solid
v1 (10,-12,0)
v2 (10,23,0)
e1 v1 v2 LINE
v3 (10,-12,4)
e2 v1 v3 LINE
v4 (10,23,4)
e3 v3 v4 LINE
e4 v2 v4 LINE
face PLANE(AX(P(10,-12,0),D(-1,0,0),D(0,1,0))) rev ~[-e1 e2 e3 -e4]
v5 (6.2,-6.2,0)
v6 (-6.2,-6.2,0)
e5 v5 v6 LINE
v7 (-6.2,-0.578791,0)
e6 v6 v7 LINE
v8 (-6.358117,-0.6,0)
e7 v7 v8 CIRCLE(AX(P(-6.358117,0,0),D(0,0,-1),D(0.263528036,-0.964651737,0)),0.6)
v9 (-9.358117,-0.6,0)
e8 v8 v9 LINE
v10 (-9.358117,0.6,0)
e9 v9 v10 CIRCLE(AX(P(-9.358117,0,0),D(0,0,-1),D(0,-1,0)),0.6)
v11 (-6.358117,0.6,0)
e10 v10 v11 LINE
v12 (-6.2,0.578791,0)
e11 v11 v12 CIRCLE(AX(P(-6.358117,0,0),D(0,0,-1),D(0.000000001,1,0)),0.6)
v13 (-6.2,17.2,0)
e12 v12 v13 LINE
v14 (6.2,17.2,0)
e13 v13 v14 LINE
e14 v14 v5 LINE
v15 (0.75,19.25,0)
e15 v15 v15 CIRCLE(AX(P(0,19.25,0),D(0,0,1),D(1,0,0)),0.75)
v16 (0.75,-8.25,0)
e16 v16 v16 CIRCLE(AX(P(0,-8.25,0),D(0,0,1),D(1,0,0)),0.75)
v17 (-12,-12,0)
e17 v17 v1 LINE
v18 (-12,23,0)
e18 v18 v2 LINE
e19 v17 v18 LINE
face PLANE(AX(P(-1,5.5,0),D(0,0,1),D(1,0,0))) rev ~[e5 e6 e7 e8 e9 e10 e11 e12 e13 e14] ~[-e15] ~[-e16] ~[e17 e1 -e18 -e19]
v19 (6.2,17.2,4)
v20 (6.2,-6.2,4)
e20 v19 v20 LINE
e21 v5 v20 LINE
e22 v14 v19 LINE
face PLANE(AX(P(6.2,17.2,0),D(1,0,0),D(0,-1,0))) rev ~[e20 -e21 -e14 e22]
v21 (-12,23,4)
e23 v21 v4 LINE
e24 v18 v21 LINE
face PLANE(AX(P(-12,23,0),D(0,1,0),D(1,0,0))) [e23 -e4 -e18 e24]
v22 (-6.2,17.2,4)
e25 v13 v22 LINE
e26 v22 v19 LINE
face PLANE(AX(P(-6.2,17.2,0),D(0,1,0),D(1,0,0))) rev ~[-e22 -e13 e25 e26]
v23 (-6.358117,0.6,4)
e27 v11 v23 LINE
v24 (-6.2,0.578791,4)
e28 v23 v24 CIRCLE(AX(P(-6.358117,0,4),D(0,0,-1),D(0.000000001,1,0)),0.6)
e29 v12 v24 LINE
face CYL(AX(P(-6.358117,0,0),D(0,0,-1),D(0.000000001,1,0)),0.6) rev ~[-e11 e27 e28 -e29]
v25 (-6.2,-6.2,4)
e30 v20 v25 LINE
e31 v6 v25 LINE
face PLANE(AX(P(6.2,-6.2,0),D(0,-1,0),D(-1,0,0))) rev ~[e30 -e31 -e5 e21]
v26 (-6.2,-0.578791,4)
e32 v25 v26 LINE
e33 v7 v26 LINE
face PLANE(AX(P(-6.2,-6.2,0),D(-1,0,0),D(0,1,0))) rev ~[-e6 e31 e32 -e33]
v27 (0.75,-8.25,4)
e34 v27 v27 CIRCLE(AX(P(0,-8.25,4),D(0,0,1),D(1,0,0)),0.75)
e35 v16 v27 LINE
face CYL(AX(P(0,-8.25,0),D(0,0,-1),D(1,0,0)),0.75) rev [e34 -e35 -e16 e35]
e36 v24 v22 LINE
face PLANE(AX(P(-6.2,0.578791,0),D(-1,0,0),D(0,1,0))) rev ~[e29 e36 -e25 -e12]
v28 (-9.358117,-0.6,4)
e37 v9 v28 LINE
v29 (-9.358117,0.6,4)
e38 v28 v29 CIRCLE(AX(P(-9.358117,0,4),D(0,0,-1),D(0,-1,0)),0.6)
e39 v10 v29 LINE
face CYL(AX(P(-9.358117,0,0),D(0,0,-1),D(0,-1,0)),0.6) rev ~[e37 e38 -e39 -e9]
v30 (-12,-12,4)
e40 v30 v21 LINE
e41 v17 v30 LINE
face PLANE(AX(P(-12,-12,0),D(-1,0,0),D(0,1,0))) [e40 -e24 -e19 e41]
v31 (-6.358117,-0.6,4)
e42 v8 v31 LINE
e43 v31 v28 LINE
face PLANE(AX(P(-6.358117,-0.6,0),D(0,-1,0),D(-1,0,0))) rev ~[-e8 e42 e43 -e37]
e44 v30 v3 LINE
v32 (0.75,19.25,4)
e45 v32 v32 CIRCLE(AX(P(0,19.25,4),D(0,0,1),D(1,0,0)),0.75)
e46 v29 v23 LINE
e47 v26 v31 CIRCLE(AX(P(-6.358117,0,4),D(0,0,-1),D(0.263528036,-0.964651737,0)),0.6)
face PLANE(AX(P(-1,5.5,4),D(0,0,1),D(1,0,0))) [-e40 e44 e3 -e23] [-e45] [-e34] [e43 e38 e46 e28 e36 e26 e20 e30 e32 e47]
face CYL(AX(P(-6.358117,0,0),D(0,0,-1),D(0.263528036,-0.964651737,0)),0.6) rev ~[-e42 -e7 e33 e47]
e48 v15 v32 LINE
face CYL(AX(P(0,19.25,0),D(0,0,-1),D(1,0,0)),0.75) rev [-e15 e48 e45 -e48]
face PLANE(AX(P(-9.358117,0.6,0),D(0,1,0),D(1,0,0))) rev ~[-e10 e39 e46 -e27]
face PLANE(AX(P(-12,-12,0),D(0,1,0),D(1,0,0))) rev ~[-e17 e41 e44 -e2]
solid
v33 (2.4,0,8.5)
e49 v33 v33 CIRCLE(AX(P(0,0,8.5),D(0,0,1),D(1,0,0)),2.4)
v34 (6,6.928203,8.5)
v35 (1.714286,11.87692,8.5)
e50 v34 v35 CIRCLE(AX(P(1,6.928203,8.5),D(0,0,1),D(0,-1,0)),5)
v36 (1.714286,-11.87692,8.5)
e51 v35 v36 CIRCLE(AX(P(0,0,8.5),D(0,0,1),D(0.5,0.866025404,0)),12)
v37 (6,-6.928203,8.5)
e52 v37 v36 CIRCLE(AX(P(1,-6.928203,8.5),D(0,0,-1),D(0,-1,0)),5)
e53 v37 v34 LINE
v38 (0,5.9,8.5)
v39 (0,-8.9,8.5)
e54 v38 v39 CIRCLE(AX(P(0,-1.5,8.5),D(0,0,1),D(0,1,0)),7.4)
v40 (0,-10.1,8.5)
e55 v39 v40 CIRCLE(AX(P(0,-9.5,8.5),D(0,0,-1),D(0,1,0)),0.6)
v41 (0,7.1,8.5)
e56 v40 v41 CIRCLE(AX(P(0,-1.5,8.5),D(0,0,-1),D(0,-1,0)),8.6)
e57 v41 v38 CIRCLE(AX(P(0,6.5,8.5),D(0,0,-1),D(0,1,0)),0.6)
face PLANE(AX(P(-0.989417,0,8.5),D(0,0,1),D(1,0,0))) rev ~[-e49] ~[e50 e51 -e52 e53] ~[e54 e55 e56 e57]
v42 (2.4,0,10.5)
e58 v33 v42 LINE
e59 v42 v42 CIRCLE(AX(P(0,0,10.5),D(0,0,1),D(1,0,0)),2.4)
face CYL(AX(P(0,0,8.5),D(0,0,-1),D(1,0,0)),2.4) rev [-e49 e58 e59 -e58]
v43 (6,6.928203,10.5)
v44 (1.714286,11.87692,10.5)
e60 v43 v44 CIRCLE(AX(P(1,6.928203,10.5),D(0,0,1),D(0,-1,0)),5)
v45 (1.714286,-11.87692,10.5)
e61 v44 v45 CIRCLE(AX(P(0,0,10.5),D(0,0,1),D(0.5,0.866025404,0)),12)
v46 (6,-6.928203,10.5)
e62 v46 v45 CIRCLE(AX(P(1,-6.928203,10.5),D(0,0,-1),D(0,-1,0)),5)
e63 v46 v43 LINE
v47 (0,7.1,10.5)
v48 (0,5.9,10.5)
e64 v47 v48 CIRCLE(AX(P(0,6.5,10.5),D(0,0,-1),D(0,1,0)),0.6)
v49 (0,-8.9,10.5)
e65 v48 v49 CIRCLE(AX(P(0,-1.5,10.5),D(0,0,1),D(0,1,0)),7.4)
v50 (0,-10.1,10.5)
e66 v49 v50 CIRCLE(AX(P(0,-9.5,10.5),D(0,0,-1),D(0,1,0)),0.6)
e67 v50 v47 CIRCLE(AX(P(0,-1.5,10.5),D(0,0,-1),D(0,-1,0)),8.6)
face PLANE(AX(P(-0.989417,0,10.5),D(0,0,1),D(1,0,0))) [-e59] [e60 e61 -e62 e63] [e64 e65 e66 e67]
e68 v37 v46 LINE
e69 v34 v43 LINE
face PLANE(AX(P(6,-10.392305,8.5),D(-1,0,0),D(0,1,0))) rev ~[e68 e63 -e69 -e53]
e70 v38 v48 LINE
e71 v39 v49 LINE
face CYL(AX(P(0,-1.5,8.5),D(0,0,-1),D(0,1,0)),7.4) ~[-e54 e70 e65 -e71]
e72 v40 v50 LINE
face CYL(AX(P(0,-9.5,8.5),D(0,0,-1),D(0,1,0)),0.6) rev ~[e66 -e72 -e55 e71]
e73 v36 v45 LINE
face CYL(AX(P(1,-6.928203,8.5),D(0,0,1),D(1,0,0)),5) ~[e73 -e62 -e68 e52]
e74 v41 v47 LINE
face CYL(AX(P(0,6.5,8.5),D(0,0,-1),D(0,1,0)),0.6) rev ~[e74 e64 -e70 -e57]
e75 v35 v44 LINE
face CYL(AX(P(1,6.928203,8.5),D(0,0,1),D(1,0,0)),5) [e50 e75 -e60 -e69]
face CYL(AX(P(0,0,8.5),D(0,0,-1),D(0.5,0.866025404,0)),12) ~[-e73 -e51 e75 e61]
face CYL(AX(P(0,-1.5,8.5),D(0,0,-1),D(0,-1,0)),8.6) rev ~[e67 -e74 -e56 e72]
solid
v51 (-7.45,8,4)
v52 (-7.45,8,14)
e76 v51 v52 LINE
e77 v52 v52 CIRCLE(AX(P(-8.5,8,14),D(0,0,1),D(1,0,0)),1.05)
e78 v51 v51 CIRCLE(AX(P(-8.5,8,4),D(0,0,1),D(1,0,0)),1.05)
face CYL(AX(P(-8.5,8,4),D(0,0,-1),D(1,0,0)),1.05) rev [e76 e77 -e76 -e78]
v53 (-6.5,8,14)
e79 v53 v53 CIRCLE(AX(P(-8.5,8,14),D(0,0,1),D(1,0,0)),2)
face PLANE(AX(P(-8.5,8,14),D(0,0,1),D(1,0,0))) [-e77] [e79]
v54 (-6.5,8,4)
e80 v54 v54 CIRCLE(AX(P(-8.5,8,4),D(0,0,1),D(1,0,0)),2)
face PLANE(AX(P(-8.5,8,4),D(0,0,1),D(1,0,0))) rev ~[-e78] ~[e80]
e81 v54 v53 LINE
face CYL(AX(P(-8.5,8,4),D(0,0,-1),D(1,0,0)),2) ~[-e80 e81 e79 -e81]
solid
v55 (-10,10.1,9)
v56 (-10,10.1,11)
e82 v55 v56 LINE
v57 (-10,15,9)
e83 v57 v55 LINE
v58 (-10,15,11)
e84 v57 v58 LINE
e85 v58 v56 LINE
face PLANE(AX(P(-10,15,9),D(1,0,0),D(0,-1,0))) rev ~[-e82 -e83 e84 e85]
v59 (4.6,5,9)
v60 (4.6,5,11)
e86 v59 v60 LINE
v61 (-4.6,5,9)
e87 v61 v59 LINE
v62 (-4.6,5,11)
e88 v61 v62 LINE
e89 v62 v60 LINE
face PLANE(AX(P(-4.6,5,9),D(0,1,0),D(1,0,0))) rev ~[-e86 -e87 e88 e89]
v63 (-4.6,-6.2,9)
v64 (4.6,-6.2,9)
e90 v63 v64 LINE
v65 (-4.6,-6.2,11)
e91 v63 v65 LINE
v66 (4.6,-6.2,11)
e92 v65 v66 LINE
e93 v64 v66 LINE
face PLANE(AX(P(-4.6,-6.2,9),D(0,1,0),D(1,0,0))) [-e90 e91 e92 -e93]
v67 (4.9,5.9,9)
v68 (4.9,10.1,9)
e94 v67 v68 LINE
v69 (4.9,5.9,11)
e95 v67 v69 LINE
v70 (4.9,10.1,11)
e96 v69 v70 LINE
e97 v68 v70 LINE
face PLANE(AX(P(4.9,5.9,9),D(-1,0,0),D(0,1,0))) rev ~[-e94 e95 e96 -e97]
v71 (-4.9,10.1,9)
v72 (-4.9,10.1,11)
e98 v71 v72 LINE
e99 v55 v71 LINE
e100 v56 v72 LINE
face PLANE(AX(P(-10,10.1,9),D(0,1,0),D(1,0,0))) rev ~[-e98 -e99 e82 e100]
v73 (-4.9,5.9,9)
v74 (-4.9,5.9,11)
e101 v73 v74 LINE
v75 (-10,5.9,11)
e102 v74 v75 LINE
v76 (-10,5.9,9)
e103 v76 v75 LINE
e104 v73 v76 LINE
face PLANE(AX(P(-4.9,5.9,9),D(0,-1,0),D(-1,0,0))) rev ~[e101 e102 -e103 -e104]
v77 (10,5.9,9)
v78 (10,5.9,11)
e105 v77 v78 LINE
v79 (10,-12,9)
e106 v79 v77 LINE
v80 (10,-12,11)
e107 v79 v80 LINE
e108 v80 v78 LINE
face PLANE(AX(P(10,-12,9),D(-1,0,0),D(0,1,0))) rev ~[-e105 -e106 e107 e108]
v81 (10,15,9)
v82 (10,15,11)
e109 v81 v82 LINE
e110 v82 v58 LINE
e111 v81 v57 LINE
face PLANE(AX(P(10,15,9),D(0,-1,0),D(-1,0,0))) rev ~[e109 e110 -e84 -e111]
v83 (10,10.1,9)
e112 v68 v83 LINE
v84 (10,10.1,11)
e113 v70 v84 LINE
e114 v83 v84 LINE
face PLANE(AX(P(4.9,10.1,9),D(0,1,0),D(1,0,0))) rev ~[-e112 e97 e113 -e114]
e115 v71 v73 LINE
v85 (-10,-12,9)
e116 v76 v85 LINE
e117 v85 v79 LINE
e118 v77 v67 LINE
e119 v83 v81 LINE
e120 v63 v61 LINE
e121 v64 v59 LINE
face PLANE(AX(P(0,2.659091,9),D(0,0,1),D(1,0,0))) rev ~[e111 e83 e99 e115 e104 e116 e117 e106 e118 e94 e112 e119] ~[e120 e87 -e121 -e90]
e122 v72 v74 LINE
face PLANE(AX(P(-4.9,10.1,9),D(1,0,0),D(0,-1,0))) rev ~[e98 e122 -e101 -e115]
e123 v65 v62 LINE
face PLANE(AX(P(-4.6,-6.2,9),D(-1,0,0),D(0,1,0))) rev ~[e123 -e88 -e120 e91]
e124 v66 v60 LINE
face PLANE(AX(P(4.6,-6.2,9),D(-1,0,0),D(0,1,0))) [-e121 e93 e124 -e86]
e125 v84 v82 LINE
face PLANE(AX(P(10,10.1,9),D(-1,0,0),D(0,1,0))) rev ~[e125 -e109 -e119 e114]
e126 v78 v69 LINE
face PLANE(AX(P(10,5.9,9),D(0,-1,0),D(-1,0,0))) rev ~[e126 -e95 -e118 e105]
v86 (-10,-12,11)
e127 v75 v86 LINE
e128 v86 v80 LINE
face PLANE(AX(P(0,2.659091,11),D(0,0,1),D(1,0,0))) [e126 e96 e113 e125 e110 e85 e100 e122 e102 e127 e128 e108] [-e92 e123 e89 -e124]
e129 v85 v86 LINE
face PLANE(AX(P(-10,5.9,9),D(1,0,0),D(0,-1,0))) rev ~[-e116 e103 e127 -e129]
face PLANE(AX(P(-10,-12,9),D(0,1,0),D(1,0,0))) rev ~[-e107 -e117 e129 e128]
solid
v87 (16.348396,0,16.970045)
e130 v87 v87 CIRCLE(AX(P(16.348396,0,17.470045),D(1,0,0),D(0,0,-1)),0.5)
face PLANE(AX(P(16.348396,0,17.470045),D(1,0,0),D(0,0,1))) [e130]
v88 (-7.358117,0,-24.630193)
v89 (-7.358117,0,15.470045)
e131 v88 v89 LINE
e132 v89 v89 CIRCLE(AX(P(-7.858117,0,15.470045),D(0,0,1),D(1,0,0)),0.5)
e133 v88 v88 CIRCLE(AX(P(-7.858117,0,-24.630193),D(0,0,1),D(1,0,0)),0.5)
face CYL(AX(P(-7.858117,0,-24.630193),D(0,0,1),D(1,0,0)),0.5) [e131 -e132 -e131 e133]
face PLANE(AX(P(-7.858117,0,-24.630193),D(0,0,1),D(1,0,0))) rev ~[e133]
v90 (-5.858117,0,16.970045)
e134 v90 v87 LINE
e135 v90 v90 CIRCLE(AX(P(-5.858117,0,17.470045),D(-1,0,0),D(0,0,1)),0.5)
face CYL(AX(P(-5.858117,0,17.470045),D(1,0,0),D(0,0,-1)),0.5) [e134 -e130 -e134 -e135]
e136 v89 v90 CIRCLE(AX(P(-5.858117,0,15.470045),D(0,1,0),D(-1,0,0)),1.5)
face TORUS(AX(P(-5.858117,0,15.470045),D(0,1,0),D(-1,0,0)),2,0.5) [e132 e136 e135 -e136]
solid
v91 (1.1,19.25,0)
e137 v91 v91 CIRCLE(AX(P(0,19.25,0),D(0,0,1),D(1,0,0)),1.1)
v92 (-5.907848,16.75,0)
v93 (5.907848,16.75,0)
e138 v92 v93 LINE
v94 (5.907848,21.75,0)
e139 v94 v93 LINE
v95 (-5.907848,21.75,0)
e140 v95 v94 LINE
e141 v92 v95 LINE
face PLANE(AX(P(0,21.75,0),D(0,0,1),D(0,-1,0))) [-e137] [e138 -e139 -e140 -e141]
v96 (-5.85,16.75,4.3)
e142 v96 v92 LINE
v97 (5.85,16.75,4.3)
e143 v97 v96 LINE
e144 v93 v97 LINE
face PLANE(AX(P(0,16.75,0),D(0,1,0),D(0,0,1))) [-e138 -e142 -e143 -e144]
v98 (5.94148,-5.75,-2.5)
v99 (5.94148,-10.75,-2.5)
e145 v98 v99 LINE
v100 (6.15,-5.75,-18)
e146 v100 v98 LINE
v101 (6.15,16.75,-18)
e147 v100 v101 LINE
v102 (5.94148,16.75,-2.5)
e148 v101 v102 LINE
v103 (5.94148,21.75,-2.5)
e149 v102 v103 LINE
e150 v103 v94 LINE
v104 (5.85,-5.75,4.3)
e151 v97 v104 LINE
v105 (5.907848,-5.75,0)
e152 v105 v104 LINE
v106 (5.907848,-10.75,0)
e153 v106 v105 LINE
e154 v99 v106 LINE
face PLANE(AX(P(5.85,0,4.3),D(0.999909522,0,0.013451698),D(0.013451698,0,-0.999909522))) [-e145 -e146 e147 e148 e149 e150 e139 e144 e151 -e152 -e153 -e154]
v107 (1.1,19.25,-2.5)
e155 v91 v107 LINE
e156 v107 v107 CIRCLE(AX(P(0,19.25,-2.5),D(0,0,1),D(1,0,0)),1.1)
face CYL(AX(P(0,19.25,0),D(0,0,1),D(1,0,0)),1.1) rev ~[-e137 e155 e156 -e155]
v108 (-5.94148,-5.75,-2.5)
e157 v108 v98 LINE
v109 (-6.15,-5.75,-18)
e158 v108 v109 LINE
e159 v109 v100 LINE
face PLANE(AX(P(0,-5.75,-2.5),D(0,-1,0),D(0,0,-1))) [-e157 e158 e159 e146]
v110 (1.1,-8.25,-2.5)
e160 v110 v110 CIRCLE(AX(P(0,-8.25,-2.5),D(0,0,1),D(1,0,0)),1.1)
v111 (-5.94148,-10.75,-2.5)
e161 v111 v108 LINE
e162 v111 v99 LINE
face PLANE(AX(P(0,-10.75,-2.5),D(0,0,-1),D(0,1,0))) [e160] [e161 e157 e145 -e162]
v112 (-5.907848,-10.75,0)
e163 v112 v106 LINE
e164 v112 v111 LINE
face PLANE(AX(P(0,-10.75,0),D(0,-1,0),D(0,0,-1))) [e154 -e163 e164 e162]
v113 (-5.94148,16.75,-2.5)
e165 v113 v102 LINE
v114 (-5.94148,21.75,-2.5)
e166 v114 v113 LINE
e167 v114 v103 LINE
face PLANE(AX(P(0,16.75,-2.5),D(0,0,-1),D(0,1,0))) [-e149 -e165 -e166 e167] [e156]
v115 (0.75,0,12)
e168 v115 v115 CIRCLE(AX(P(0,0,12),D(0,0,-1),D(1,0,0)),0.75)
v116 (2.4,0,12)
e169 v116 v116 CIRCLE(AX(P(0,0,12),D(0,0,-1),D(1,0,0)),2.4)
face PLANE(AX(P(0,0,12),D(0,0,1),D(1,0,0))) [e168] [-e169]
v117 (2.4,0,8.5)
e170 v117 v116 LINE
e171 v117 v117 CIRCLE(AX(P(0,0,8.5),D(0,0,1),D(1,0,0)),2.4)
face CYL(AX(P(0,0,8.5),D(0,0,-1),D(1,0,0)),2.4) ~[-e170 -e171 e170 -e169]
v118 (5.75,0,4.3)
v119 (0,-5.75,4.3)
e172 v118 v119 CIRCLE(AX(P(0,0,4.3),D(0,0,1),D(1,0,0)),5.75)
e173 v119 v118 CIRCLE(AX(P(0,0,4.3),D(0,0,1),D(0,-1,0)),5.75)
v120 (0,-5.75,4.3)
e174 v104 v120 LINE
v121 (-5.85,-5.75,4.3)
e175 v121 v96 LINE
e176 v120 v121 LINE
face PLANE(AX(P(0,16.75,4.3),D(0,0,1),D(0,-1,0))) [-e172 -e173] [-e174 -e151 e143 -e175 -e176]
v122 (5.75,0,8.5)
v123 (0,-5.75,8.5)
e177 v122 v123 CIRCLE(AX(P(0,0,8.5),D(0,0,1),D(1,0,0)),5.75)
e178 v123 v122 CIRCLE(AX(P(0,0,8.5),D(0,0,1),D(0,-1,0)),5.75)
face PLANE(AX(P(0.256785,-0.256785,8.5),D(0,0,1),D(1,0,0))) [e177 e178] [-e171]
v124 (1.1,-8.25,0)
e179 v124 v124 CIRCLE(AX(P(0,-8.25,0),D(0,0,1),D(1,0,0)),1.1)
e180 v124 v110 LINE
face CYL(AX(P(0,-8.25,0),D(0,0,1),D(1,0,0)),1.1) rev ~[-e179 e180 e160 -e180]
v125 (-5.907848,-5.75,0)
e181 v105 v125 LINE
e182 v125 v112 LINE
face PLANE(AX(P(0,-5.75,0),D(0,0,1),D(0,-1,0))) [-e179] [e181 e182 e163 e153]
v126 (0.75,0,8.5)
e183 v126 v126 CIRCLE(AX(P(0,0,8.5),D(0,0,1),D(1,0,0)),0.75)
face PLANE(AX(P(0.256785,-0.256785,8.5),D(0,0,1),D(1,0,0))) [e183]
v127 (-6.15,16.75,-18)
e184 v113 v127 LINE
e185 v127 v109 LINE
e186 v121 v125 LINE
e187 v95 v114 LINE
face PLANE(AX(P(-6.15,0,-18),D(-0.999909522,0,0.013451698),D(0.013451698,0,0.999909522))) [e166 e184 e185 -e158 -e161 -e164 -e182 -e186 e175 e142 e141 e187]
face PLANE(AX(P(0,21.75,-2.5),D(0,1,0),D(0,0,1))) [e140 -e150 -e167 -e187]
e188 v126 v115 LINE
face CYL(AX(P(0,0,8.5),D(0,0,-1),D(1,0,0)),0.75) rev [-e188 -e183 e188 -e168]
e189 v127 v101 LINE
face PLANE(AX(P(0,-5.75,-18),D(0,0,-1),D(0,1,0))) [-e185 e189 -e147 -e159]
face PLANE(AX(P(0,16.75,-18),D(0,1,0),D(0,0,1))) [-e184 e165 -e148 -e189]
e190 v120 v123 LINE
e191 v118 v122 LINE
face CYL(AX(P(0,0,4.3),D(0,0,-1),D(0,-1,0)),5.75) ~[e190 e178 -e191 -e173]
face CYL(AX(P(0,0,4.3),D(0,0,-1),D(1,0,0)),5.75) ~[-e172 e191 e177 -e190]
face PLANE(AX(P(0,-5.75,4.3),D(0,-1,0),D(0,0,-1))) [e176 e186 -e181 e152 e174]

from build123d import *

# Parameters (mm, degrees)
F4_DEPTH       = 7.5
F5_R           = 1.1
F6_DEPTH       = 18.001
F8_DEPTH       = 4.2
F9_R           = 2.4
F9_R_2         = 0.75
F10_DEPTH      = 3.5
F12_DEPTH      = 10.751
F12_DEPTH_BACK = 21.751
F13_R          = 2.4
F14_DEPTH      = 2
F16_W          = 9.2
F16_H          = 11.2
F17_DEPTH      = 2
F18_W          = 22
F18_H          = 35
F18_R          = 0.75
F19_DEPTH      = 4
F20_R          = 2
F20_R_2        = 1.05
F21_DEPTH      = 10
F22_R          = 0.5
F24_R          = 5


with BuildPart() as f4:
    # F3 (on Right) → F4 (new body, symmetric)
    with BuildSketch(Plane.YZ):
        Polygon((-5.75, 0), (-10.75, 0), (-10.75, -2.5), (-5.75, -2.5), (-5.75, -18), (16.75, -18), (16.75, -2.5), (21.75, -2.5), (21.75, 0), (16.75, 0), (16.75, 4.3), (-5.75, 4.3), align=None)
    extrude(amount=F4_DEPTH, both=True)

    # F5 (on Top) → F6 (cut, through all)
    with BuildSketch(Plane.XY):
        with Locations((0, -8.25)):
            Circle(F5_R)
        with Locations((0, 19.25)):
            Circle(F5_R)
    extrude(amount=-F6_DEPTH, mode=Mode.SUBTRACT)

    # F7 (on face) → F8 (join)
    with BuildSketch(Plane.XY.offset(4.3)):
        with BuildLine():
            ThreePointArc((0, -5.75), (4.0658639918, -4.0658639918), (5.75, 0))
            ThreePointArc((5.75, 0), (-4.0658639918, 4.0658639918), (0, -5.75))
        make_face()
    extrude(amount=F8_DEPTH)

    # F9 (on face) → F10 (join)
    with BuildSketch(Plane.XY.offset(8.5)):
        Circle(F9_R)
        Circle(F9_R_2, mode=Mode.SUBTRACT)
    extrude(amount=F10_DEPTH)

    # F11 (on Front) → F12 (cut, two sides)
    with BuildSketch(Plane.XZ) as f12_sk:
        Polygon((-10.8185609129, -18), (-6.15, -18), (-5.85, 4.3), (-5.85, 12), (5.85, 12), (5.85, 4.3), (6.15, -18), (12.056059204, -18), (12.056059204, 17.8524129022), (-10.8185609129, 17.8524129022), align=None)
    extrude(amount=F12_DEPTH, mode=Mode.SUBTRACT)
    extrude(f12_sk.sketch, amount=-F12_DEPTH_BACK, mode=Mode.SUBTRACT)


with BuildPart() as f14:
    # F13 (on face) → F14 (new body)
    with BuildSketch(Plane.XY.offset(8.5)):
        with BuildLine():
            Line((6, -10.3923048454), (6, 10.3923048454))
            ThreePointArc((6, 10.3923048454), (-12, 0), (6, -10.3923048454))
        make_face()
        with BuildLine():
            ThreePointArc((0, -10.1), (-8.6, -1.5), (0, 7.1))
            ThreePointArc((0, 7.1), (0.6, 6.5), (0, 5.9))
            ThreePointArc((0, 5.9), (-7.4, -1.5), (0, -8.9))
            ThreePointArc((0, -8.9), (0.6, -9.5), (0, -10.1))
        make_face(mode=Mode.SUBTRACT)
        Circle(F13_R, mode=Mode.SUBTRACT)
    extrude(amount=F14_DEPTH)

    # F24
    f24_edges = [f14.edges().sort_by_distance(p)[0] for p in [
        (6, -10.392305, 9.5),
        (6, 10.392305, 9.5),
    ]]
    fillet(f24_edges, radius=F24_R)


with BuildPart() as f17:
    # F16 (on offset) → F17 (new body)
    with BuildSketch(Plane.XY.offset(9)):
        Polygon((10, 15), (-10, 15), (-10, 10.1), (-4.9, 10.1), (-4.9, 5.9), (-10, 5.9), (-10, -12), (10, -12), (10, 5.9), (4.9, 5.9), (4.9, 10.1), (10, 10.1), align=None)
        with Locations((0, -0.6)):
            Rectangle(F16_W, F16_H, mode=Mode.SUBTRACT)
    extrude(amount=F17_DEPTH)


with BuildPart() as f19:
    # F18 (on Top) → F19 (new body)
    with BuildSketch(Plane.XY):
        with Locations((-1, 5.5)):
            Rectangle(F18_W, F18_H)
        with Locations((0, -8.25)):
            Circle(F18_R, mode=Mode.SUBTRACT)
        with BuildLine():
            Line((-6.2, 0.5787910421), (-6.2, 17.2))
            Line((-6.2, 17.2), (6.2, 17.2))
            Line((6.2, 17.2), (6.2, -6.2))
            Line((6.2, -6.2), (-6.2, -6.2))
            Line((-6.2, -6.2), (-6.2, -0.5787910421))
            ThreePointArc((-6.2, -0.5787910421), (-6.2783503675, -0.594674123), (-6.3581168228, -0.6))
            Line((-6.3581168228, -0.6), (-9.3581168228, -0.6))
            ThreePointArc((-9.3581168228, -0.6), (-9.9581168228, 0), (-9.3581168228, 0.6))
            Line((-9.3581168228, 0.6), (-6.3581168228, 0.6))
            ThreePointArc((-6.3581168228, 0.6), (-6.2783503675, 0.594674123), (-6.2, 0.5787910421))
        make_face(mode=Mode.SUBTRACT)
        with Locations((0, 19.25)):
            Circle(F18_R, mode=Mode.SUBTRACT)
    extrude(amount=F19_DEPTH)


with BuildPart() as f21:
    # F20 (on face) → F21 (new body)
    with BuildSketch(Plane.XY.offset(4)):
        with Locations((-8.5, 8)):
            Circle(F20_R)
        with Locations((-8.5, 8)):
            Circle(F20_R_2, mode=Mode.SUBTRACT)
    extrude(amount=F21_DEPTH)


with BuildPart() as f23:
    # F23: sweep along a path in F1
    with BuildLine(Plane.XZ) as f23_path:
        Line((-7.8581168228, -24.6301926672), (-7.8581168228, 15.4700445116))
        ThreePointArc((-7.8581168228, 15.4700445116), (-7.2723303851, 16.8842580739), (-5.8581168228, 17.4700445116))
        Line((-5.8581168228, 17.4700445116), (16.3483962125, 17.4700445116))
    # F22 (on plane+point) → F23 (sweep)
    with BuildSketch(Plane.XY.offset(-24.6301926672)):
        with Locations((-7.8581168228, 0)):
            Circle(F22_R)
    sweep(path=f23_path.line)


solid = Compound([f4.part, f14.part, f17.part, f19.part, f21.part, f23.part])
